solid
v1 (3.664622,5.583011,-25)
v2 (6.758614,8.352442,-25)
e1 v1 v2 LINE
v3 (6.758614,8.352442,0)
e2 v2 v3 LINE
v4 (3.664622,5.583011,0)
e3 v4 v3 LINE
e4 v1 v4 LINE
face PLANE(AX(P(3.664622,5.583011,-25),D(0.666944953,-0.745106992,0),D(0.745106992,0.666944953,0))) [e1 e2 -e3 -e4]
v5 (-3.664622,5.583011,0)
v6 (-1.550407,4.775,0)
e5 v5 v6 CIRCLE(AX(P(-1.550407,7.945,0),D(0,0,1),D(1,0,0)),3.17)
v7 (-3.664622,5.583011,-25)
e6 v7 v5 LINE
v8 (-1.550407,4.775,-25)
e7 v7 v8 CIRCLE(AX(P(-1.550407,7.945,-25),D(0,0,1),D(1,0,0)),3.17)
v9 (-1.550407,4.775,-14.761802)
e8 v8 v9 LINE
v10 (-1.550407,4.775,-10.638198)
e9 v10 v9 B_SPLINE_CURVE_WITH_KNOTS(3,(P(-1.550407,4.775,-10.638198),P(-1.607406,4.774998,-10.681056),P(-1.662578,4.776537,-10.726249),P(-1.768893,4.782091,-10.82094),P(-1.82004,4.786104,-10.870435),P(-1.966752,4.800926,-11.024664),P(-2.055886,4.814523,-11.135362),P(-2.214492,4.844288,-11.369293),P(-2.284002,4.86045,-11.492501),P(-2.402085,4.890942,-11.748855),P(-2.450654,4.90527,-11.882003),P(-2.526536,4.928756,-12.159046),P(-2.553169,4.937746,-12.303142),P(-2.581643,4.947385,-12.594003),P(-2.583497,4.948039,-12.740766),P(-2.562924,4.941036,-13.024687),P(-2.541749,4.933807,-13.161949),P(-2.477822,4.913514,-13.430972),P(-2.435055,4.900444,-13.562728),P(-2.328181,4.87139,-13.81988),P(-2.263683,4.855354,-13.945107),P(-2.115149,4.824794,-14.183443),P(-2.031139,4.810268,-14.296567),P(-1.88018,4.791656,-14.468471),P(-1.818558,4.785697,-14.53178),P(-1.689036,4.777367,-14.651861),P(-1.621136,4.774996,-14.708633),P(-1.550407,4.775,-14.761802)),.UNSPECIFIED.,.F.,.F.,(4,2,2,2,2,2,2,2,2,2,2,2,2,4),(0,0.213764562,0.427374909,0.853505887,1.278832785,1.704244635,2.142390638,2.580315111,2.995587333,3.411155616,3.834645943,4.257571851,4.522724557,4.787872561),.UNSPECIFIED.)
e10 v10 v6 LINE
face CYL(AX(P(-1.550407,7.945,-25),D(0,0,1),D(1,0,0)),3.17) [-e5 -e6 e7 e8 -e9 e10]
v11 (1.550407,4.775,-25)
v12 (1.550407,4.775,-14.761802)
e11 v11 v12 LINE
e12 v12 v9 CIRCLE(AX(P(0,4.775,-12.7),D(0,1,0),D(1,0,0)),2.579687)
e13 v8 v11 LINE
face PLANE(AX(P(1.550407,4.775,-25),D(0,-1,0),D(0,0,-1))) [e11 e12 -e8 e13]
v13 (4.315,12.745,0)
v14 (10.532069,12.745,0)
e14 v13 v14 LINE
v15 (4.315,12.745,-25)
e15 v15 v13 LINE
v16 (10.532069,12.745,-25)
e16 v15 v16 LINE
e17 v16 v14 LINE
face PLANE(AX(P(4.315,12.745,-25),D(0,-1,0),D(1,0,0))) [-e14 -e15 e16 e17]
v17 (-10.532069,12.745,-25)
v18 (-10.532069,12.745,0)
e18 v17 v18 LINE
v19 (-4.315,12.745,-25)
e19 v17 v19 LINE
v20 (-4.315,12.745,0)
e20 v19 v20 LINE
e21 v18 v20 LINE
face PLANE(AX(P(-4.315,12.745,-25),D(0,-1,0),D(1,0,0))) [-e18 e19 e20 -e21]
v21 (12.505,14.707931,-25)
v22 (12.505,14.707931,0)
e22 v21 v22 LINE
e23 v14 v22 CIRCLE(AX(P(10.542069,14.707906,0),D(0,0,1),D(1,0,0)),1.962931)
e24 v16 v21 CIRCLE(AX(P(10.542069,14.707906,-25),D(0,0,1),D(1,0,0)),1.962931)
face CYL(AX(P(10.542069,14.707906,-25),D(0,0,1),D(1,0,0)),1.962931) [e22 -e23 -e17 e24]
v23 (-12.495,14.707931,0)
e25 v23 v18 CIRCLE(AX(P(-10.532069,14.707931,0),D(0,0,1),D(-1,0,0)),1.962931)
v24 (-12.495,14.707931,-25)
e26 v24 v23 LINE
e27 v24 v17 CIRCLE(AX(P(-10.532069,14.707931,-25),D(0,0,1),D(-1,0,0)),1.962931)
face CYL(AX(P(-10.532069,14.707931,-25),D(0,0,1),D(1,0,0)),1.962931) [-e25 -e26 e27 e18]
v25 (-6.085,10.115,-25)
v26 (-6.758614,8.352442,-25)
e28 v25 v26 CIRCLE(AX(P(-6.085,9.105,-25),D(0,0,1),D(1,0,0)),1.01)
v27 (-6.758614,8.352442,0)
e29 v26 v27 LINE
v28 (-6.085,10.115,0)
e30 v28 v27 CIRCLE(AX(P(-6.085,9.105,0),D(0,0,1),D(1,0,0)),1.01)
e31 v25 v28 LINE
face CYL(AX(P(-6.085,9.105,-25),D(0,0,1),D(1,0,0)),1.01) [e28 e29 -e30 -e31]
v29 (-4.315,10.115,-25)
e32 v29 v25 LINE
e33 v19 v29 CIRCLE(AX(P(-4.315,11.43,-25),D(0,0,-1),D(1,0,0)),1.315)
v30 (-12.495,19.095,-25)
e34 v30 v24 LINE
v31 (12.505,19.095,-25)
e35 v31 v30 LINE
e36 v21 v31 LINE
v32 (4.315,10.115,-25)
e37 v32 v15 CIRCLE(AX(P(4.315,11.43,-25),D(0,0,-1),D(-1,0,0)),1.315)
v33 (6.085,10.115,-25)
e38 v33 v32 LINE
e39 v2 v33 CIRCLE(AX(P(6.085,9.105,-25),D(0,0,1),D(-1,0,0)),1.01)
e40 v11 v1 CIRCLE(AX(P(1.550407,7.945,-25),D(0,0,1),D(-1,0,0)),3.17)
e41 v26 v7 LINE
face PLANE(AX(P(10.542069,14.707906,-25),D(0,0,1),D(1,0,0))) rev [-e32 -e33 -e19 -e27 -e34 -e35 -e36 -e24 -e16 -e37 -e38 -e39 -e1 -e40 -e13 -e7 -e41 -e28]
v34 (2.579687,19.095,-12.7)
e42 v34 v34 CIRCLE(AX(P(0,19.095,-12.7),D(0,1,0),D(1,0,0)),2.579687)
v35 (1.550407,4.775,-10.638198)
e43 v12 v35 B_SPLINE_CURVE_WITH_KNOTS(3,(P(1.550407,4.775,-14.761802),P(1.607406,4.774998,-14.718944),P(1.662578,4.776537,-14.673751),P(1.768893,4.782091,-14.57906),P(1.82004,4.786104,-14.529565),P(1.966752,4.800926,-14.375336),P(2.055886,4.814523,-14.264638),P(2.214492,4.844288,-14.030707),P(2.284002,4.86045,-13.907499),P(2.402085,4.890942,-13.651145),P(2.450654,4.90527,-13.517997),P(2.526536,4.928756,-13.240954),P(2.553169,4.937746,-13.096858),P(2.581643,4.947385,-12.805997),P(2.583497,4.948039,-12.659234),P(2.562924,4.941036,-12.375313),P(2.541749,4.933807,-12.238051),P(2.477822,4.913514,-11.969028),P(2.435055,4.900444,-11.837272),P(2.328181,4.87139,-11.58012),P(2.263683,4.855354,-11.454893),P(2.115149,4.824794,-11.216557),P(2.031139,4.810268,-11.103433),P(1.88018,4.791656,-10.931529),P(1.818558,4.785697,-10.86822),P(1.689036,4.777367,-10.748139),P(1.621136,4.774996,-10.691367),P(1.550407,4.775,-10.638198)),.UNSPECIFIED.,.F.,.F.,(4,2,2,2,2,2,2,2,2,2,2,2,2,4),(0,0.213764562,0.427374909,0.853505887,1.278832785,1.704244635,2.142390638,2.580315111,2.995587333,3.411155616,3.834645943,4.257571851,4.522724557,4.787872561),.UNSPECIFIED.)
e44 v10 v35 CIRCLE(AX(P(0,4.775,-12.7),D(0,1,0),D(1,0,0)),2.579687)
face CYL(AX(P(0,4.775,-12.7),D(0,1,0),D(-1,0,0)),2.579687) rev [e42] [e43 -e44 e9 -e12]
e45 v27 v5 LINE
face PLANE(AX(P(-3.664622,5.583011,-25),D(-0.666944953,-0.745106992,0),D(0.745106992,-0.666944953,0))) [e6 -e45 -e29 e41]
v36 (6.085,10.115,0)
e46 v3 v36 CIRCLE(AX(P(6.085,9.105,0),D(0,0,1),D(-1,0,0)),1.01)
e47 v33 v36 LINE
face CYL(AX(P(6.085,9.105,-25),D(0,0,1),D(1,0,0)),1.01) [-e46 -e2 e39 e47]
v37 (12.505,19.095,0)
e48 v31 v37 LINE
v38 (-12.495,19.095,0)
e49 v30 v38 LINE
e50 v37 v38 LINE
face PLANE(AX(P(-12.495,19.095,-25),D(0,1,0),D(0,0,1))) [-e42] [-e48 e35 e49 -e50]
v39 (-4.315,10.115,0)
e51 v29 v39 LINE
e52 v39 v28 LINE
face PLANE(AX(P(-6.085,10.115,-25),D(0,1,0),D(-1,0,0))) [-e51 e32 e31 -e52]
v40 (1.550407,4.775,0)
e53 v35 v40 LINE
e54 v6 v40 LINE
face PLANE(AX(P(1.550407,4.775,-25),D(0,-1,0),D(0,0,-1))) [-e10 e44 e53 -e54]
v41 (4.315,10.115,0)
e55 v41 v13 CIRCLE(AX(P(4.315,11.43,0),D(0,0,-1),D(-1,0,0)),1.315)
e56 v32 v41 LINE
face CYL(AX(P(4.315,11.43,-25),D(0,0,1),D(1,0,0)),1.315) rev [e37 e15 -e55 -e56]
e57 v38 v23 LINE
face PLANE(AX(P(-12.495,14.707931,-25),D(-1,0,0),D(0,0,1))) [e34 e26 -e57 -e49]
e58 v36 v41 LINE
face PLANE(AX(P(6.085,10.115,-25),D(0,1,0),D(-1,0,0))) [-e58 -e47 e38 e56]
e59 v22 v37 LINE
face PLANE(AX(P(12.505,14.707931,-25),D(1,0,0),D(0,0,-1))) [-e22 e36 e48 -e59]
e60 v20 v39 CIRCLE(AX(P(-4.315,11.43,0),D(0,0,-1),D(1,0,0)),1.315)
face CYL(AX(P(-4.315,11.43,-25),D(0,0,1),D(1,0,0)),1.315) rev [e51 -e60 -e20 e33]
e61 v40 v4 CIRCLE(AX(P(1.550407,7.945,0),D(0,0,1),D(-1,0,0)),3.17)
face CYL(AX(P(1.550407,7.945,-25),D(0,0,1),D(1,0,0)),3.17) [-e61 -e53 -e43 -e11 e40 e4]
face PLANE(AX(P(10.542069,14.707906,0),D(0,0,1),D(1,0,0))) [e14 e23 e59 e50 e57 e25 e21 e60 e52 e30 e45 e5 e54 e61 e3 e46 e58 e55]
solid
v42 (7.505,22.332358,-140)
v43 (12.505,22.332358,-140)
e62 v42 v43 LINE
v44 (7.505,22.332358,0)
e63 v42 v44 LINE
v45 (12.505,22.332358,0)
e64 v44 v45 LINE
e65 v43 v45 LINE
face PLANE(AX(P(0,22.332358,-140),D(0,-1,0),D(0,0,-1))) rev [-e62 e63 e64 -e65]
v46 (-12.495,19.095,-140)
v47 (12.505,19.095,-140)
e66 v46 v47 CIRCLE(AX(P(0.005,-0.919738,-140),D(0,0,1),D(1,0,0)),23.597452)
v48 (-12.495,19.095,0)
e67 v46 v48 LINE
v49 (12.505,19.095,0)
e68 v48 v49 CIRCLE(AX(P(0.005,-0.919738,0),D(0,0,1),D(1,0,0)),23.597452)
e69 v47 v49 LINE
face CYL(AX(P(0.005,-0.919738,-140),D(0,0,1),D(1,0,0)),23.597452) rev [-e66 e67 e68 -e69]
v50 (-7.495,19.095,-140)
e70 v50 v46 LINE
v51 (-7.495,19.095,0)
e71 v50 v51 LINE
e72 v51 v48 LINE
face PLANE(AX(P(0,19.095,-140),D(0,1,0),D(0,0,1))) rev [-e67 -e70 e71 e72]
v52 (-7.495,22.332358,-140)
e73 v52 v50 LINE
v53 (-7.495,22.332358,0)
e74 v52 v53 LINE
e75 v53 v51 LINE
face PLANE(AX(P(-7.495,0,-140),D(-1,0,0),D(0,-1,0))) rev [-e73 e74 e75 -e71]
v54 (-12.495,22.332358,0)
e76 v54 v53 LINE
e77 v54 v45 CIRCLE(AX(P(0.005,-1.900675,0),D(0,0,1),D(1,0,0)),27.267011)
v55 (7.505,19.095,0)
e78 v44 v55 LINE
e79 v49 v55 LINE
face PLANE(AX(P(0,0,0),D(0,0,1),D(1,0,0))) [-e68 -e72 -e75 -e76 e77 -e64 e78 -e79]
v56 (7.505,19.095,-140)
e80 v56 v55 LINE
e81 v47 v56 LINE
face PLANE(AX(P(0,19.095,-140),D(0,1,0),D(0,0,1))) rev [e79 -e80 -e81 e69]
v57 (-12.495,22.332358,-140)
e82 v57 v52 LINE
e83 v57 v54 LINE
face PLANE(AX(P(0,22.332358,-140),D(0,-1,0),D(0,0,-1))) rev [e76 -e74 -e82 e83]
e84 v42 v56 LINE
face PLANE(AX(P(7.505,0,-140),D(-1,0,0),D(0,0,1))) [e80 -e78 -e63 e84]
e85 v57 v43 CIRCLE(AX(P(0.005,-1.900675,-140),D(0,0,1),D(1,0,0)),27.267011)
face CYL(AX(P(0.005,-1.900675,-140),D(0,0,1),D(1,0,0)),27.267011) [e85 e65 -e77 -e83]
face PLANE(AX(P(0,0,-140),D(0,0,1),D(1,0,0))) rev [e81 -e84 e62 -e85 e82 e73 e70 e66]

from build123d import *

# Parameters (mm, degrees)
EXTRUDE1_DEPTH      = 25
SKETCH2_R           = 2.5796875
CUT_EXTRUDE1_DEPTH  = 32.407601389
SKETCH5_W           = 5
SKETCH5_H           = 3.237358095
BOSS_EXTRUDE1_DEPTH = 140


with BuildPart() as part:
    # Sketch1 → Extrude1 (new body)
    with BuildSketch(Plane.XY):
        with BuildLine():
            Line((4.315, 12.745), (10.532068835, 12.745))
            ThreePointArc((10.532068835, 12.745), (11.926539753, 13.316381695), (12.505, 14.707931165))
            Line((12.505, 14.707931165), (12.505, 19.095))
            Line((12.505, 19.095), (-12.495, 19.095))
            Line((-12.495, 19.095), (-12.495, 14.707931165))
            ThreePointArc((-12.495, 14.707931165), (-11.920070773, 13.319929227), (-10.532068835, 12.745))
            Line((-10.532068835, 12.745), (-4.315, 12.745))
            ThreePointArc((-4.315, 12.745), (-3, 11.43), (-4.315, 10.115))
            Line((-4.315, 10.115), (-6.085, 10.115))
            ThreePointArc((-6.085, 10.115), (-7.028446777, 9.465566469), (-6.758614403, 8.352441938))
            Line((-6.758614403, 8.352441938), (-3.664622209, 5.583010835))
            ThreePointArc((-3.664622209, 5.583010835), (-2.682085626, 4.983884868), (-1.550406707, 4.775))
            Line((-1.550406707, 4.775), (1.550406707, 4.775))
            ThreePointArc((1.550406707, 4.775), (2.682085626, 4.983884868), (3.664622209, 5.583010835))
            Line((3.664622209, 5.583010835), (6.758614403, 8.352441938))
            ThreePointArc((6.758614403, 8.352441938), (7.028446777, 9.465566469), (6.085, 10.115))
            Line((6.085, 10.115), (4.315, 10.115))
            ThreePointArc((4.315, 10.115), (3, 11.43), (4.315, 12.745))
        make_face()
    extrude(amount=-EXTRUDE1_DEPTH)

    # Sketch2 → Cut-Extrude1 (cut, through all)
    with BuildSketch(Plane(origin=(0, 19.095, 0), x_dir=(1, 0, 0), z_dir=(0, 1, 0))):
        with Locations(Location((0, 12.7, 0), (0, 0, 126.94195449))):
            Circle(SKETCH2_R)
    extrude(amount=-CUT_EXTRUDE1_DEPTH, mode=Mode.SUBTRACT)


with BuildPart() as body_2:
    # Sketch5 → Boss-Extrude1 (new body)
    with BuildSketch(Plane.XY):
        with BuildLine():
            Line((-12.495, 19.095), (-12.495, 22.332358095))
            ThreePointArc((-12.495, 22.332358095), (0.005, -29.167686251), (12.505, 22.332358095))
            Line((12.505, 22.332358095), (12.505, 19.095))
            ThreePointArc((12.505, 19.095), (0.005, -24.517190702), (-12.495, 19.095))
        make_face()
        with Locations((-9.995, 20.713679048)):
            Rectangle(SKETCH5_W, SKETCH5_H)
        with Locations((10.005, 20.713679048)):
            Rectangle(SKETCH5_W, SKETCH5_H)
    extrude(amount=-BOSS_EXTRUDE1_DEPTH)


solid = Compound([part.part, body_2.part])
